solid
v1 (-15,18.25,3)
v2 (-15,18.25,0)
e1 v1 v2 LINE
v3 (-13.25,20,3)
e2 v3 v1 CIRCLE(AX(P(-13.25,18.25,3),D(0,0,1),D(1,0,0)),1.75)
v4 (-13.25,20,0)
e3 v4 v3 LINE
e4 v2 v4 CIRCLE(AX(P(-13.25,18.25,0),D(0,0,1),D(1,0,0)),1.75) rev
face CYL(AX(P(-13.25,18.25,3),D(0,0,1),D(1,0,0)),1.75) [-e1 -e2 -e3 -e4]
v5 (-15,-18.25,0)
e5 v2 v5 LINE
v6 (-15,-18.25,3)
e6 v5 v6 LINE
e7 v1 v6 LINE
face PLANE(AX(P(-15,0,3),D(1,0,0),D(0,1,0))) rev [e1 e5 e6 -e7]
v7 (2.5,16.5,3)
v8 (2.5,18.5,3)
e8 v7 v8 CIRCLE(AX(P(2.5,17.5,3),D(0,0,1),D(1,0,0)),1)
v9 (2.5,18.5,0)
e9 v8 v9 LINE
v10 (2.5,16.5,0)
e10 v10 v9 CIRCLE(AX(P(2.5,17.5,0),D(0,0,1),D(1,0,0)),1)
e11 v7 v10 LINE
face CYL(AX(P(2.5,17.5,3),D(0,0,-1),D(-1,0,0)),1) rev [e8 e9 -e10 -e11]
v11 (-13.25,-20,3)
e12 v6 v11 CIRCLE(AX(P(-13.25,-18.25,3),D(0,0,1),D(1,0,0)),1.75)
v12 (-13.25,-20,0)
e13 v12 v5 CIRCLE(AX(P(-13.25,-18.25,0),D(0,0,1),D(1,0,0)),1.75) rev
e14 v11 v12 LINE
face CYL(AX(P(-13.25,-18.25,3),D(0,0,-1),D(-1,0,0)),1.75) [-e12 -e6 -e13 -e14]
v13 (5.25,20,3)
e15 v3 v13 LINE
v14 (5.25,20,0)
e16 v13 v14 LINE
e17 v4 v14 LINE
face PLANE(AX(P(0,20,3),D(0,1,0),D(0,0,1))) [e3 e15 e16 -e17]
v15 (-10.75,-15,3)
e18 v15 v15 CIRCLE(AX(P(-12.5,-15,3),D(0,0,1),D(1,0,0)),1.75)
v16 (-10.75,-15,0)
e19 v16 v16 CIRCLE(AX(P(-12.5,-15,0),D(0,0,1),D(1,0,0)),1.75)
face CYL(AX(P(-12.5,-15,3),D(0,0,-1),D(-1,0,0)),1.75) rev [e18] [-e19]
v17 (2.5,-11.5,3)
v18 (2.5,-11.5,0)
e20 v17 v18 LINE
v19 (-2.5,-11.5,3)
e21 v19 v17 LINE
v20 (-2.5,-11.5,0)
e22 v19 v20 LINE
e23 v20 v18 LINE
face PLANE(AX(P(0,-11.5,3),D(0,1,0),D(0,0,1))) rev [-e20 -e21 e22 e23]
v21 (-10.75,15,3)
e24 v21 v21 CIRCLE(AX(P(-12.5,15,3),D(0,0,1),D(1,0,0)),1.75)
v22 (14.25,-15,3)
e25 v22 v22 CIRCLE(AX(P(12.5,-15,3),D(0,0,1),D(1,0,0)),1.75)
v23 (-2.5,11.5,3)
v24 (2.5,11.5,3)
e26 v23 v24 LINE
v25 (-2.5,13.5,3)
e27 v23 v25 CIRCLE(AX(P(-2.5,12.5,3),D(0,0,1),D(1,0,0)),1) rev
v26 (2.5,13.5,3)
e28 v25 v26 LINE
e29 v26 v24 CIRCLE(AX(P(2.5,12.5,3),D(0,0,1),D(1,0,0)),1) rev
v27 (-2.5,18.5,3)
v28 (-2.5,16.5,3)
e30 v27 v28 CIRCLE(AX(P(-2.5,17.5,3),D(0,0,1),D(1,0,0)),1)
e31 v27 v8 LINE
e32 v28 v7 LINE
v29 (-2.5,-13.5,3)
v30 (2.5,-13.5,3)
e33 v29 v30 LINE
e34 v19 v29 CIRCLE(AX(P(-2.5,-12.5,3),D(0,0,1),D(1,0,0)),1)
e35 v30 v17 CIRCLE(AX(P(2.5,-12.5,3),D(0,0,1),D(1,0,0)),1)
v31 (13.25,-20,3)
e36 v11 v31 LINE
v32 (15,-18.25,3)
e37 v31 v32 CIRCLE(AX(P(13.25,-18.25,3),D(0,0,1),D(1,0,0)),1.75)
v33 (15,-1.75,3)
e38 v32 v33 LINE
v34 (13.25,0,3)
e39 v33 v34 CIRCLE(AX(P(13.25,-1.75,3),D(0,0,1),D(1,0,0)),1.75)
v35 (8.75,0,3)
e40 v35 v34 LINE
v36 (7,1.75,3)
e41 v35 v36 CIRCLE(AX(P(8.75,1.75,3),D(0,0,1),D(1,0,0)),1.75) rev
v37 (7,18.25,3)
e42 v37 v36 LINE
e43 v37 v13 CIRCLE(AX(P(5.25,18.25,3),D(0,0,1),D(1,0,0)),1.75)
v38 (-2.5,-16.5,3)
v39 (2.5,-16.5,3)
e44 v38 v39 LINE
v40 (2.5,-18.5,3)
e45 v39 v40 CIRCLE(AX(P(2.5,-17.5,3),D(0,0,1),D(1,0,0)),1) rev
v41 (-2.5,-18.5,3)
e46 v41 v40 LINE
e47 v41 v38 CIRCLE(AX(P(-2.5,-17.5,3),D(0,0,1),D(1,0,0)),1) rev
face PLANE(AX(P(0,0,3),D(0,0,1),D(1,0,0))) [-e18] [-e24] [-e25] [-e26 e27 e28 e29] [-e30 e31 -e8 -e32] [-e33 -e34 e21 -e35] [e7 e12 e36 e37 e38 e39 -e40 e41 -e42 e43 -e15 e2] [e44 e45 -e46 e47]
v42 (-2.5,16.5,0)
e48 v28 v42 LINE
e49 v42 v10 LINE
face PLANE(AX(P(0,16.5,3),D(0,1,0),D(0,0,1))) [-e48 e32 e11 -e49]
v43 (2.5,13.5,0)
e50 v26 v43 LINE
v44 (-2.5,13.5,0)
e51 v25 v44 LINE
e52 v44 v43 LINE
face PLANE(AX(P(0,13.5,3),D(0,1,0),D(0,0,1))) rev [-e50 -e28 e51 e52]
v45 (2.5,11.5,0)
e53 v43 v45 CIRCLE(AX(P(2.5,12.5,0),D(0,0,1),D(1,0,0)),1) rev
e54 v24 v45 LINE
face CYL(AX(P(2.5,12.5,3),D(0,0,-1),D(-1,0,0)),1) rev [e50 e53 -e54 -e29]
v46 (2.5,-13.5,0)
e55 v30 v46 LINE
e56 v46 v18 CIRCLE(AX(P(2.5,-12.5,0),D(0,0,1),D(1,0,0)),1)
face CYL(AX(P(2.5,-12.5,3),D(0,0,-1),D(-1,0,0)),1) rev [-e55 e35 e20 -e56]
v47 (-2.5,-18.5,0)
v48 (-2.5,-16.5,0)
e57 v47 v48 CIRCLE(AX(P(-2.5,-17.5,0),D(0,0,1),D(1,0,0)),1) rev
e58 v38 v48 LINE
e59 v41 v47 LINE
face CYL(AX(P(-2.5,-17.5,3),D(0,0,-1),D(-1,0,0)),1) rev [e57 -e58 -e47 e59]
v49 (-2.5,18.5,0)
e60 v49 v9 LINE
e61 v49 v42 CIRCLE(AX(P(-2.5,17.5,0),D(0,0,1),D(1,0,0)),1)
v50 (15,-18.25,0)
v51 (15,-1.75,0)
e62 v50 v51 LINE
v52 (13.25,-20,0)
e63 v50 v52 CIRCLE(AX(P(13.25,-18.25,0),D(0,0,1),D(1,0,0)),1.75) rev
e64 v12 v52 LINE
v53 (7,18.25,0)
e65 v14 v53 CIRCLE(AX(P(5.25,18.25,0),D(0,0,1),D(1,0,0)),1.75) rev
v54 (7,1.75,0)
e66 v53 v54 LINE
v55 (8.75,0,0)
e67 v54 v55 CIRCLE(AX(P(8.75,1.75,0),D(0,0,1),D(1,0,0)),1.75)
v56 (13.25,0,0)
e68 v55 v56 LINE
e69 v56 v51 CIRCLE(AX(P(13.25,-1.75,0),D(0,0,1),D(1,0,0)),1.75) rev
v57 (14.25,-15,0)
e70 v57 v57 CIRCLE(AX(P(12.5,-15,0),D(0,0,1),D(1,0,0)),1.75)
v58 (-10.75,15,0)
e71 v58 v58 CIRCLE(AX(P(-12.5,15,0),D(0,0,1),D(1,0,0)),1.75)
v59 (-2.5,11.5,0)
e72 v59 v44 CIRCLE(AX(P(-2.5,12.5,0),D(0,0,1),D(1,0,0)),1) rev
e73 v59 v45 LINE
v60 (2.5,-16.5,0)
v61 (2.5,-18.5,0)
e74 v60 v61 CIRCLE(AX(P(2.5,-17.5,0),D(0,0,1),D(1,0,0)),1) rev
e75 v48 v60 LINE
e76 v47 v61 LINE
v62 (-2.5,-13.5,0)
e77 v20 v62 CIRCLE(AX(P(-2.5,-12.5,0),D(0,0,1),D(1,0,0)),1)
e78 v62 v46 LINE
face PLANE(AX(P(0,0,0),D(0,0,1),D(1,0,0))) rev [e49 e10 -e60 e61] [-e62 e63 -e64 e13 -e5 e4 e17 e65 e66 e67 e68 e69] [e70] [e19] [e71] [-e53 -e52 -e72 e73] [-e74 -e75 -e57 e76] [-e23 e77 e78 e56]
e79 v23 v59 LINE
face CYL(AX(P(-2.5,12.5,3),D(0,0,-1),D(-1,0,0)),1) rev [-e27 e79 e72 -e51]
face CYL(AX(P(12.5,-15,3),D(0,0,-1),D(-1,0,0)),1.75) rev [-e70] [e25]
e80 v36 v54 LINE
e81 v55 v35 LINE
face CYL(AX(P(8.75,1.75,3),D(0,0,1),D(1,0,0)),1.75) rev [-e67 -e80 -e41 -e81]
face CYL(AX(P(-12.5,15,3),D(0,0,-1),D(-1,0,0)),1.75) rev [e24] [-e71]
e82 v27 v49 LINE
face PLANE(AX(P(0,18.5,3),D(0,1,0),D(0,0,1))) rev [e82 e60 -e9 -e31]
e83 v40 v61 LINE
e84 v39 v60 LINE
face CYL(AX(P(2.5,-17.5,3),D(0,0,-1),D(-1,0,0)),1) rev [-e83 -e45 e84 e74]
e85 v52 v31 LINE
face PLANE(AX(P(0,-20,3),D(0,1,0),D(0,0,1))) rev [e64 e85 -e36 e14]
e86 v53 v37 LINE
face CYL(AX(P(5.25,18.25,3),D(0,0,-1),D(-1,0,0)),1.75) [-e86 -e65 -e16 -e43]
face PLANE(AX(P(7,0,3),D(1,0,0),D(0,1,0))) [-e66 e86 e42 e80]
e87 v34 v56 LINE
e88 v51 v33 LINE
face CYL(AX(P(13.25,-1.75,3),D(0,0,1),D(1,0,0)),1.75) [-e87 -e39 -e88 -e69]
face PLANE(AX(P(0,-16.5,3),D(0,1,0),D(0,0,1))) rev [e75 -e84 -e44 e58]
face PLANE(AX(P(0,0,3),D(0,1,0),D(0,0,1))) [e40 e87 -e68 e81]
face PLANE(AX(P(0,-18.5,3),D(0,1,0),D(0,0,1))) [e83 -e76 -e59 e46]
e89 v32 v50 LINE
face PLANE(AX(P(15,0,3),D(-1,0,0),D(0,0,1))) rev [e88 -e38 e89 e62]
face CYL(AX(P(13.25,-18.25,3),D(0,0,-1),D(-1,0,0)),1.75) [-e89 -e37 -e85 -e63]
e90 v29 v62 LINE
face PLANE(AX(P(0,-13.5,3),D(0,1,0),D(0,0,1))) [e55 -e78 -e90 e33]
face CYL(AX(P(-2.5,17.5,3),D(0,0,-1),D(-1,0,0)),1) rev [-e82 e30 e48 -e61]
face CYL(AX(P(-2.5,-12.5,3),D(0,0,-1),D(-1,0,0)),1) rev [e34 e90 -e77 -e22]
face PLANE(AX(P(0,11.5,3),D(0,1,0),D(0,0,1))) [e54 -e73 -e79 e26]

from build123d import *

# Parameters (mm, degrees)
ESQUISSE1_R        = 1.75
BOSS_EXTRU_1_DEPTH = 3
CONG_1_R           = 1.75


with BuildPart() as part:
    # Esquisse1 → Boss.-Extru.1 (new body)
    with BuildSketch(Plane.XY):
        Polygon((-15, -20), (15, -20), (15, 0), (7, 0), (7, 20), (-15, 20), align=None)
        with Locations((12.5, -15)):
            Circle(ESQUISSE1_R, mode=Mode.SUBTRACT)
        with Locations((-12.5, -15)):
            Circle(ESQUISSE1_R, mode=Mode.SUBTRACT)
        with Locations((-12.5, 15)):
            Circle(ESQUISSE1_R, mode=Mode.SUBTRACT)
        with BuildLine():
            ThreePointArc((2.5, 16.5), (3.5, 17.5), (2.5, 18.5))
            Line((2.5, 18.5), (-2.5, 18.5))
            ThreePointArc((-2.5, 18.5), (-3.5, 17.5), (-2.5, 16.5))
            Line((-2.5, 16.5), (2.5, 16.5))
        make_face(mode=Mode.SUBTRACT)
        with BuildLine():
            ThreePointArc((2.5, -13.5), (3.5, -12.5), (2.5, -11.5))
            Line((2.5, -11.5), (-2.5, -11.5))
            ThreePointArc((-2.5, -11.5), (-3.5, -12.5), (-2.5, -13.5))
            Line((-2.5, -13.5), (2.5, -13.5))
        make_face(mode=Mode.SUBTRACT)
        with BuildLine():
            Line((-2.5, -16.5), (2.5, -16.5))
            ThreePointArc((2.5, -16.5), (3.5, -17.5), (2.5, -18.5))
            Line((2.5, -18.5), (-2.5, -18.5))
            ThreePointArc((-2.5, -18.5), (-3.5, -17.5), (-2.5, -16.5))
        make_face(mode=Mode.SUBTRACT)
        with BuildLine():
            Line((-2.5, 13.5), (2.5, 13.5))
            ThreePointArc((2.5, 13.5), (3.5, 12.5), (2.5, 11.5))
            Line((2.5, 11.5), (-2.5, 11.5))
            ThreePointArc((-2.5, 11.5), (-3.5, 12.5), (-2.5, 13.5))
        make_face(mode=Mode.SUBTRACT)
    extrude(amount=BOSS_EXTRU_1_DEPTH)

    # Congé1
    cong_1_edges = [part.edges().sort_by_distance(p)[0] for p in [
        (-15, -20, 1.5),
        (-15, 20, 1.5),
        (7, 20, 1.5),
        (7, 0, 1.5),
        (15, 0, 1.5),
        (15, -20, 1.5),
    ]]
    fillet(cong_1_edges, radius=CONG_1_R)


solid = part.part
